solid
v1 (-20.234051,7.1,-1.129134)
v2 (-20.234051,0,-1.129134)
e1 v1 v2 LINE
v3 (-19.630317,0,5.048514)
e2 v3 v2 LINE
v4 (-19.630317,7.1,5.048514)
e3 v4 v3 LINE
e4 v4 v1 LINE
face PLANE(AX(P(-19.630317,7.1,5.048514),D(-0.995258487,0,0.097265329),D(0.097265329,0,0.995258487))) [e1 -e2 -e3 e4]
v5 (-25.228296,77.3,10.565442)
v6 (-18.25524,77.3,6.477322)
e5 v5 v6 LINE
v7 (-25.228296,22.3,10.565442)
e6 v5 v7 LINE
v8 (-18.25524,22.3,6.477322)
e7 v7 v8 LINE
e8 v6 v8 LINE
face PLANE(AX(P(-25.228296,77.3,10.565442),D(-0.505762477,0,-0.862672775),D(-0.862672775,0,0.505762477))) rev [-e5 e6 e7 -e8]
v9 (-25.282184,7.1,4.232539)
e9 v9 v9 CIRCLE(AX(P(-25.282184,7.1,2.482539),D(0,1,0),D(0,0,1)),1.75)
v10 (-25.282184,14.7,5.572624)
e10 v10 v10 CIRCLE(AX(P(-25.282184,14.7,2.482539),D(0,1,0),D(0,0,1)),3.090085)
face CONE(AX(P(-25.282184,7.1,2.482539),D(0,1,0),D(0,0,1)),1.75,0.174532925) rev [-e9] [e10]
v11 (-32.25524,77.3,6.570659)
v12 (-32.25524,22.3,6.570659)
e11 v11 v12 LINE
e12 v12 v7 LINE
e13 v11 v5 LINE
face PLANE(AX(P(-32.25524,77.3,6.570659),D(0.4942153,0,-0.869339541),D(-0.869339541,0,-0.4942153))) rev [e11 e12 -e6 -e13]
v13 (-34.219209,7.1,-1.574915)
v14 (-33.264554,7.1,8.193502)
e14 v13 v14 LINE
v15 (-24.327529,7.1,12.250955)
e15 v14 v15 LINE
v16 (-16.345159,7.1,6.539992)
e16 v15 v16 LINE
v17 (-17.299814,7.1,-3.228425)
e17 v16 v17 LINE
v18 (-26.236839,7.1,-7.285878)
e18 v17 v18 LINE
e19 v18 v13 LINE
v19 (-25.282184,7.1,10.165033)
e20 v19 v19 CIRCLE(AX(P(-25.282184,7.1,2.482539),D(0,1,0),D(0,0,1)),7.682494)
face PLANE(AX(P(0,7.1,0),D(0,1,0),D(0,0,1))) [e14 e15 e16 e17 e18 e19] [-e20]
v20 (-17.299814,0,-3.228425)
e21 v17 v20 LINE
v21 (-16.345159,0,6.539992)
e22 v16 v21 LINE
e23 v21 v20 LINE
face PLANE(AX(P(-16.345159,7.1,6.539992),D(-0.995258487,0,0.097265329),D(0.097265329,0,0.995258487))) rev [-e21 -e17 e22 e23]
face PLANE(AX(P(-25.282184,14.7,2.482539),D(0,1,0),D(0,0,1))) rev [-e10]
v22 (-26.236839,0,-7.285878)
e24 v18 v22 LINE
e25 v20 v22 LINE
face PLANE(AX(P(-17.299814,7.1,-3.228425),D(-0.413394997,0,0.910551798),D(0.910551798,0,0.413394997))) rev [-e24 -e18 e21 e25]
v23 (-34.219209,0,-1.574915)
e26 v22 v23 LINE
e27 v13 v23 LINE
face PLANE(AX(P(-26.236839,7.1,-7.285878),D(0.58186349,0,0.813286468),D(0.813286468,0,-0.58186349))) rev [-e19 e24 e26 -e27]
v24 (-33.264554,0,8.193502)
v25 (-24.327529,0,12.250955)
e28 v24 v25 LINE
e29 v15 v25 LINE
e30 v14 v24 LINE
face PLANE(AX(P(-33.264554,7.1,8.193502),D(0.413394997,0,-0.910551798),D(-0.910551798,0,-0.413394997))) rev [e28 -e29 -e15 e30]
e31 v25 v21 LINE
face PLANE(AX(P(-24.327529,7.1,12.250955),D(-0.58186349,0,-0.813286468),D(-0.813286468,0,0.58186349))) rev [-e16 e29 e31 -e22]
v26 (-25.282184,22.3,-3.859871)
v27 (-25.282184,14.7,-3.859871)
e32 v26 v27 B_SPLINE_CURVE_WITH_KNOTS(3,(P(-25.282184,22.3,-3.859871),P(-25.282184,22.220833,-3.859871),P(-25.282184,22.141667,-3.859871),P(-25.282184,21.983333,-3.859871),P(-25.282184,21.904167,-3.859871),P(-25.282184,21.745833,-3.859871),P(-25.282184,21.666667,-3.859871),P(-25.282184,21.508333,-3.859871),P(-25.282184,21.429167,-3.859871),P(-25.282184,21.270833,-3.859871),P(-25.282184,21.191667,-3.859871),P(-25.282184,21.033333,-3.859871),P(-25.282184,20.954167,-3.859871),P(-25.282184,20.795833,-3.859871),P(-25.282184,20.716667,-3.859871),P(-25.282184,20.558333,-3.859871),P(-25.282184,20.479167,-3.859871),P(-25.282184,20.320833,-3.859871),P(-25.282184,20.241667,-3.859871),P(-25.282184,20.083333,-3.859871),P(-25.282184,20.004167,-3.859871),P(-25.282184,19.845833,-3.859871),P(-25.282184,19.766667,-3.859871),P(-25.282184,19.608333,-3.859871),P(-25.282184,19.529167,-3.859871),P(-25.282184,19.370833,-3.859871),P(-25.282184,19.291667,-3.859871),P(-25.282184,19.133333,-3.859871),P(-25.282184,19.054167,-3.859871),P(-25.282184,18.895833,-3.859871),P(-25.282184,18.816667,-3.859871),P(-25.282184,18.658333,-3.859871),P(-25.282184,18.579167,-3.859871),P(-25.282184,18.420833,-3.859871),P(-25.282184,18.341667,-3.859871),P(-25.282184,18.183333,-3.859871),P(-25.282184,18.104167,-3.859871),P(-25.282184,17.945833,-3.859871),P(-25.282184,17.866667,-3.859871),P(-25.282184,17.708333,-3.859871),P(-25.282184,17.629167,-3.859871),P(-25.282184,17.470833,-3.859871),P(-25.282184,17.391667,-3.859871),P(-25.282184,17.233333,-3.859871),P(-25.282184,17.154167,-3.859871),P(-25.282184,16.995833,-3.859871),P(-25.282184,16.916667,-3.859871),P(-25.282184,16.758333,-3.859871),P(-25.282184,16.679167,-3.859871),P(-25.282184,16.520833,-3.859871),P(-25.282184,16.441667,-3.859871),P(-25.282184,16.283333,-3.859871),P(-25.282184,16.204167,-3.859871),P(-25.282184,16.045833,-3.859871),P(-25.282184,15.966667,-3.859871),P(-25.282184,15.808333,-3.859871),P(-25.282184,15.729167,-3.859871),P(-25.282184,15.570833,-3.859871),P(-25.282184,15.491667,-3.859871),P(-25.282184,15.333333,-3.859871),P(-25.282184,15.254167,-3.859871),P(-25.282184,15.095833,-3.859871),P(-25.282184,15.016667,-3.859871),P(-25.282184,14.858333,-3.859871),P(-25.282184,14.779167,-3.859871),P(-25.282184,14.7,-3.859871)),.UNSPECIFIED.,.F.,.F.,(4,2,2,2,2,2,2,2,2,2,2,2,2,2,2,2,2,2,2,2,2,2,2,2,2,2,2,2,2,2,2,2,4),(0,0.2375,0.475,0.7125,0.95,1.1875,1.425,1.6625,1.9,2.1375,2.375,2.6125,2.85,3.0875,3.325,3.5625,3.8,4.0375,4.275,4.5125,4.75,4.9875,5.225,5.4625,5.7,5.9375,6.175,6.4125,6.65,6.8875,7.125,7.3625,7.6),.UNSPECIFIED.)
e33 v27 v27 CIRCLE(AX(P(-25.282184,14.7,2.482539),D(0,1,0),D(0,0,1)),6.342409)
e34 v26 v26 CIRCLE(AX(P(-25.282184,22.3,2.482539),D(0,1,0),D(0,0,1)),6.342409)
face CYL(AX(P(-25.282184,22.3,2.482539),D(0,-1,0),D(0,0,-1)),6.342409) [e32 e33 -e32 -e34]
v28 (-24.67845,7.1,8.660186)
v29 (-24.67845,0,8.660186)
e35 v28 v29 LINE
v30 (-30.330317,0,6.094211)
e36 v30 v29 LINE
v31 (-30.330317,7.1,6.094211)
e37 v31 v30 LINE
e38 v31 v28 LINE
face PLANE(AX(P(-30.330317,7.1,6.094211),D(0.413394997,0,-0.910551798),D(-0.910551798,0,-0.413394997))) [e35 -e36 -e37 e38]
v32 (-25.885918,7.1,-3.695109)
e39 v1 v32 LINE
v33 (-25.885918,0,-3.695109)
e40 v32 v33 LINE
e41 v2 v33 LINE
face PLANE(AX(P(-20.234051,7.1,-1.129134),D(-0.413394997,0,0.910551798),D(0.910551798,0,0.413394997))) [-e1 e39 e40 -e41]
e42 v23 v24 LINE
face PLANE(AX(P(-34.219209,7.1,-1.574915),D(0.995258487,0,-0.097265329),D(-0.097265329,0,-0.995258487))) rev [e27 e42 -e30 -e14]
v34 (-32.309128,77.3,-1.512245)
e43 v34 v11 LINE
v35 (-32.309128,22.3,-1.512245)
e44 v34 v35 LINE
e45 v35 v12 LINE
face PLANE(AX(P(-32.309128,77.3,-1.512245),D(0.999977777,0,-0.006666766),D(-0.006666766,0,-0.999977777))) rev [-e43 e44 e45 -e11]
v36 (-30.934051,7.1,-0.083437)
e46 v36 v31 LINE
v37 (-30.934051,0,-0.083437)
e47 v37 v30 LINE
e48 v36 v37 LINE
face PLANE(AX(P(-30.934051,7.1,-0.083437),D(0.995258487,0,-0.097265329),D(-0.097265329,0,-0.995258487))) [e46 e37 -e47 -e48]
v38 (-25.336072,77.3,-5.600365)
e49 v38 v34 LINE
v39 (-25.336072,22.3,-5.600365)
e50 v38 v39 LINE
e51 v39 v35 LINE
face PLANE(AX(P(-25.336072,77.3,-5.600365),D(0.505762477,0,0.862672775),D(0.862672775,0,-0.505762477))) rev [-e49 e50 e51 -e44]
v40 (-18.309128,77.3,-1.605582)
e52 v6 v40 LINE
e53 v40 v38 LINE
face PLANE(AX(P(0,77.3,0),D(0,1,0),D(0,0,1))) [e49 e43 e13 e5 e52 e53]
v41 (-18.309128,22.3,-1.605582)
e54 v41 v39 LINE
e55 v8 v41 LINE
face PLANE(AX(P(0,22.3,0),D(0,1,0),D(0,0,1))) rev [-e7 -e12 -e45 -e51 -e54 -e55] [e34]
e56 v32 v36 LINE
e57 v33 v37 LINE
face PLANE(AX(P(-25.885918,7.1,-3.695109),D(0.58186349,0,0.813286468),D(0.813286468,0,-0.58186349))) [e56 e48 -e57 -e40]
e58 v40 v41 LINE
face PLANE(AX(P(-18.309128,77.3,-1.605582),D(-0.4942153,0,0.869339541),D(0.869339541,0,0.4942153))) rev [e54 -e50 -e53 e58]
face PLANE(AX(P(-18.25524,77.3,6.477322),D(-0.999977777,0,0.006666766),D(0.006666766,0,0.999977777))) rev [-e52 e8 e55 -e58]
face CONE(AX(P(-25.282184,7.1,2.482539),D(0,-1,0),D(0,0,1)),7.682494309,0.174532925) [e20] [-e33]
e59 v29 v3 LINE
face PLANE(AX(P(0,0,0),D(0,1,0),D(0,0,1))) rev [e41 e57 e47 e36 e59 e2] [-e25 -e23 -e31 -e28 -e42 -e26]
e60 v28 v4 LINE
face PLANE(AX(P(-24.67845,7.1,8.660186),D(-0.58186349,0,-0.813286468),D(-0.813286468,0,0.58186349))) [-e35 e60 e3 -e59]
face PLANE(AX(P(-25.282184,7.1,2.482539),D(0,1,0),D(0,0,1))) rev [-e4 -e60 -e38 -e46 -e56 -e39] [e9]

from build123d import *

# Parameters (mm, degrees)
BOSS_EXTRUDE1_DEPTH = 7.1
SKETCH2_R           = 7.682494309
SKETCH2_R_2         = 1.75
BOSS_EXTRUDE3_DEPTH = 7.6
BOSS_EXTRUDE3_DRAFT = 10
SKETCH6_R           = 6.342409255
BOSS_EXTRUDE6_DEPTH = 7.6
BOSS_EXTRUDE7_DEPTH = 55


with BuildPart() as part:
    # Sketch1 → Boss-Extrude1 (new body)
    with BuildSketch(Plane(origin=(0, 0, 0), x_dir=(1, 0, 0), z_dir=(0, 1, 0))):
        Polygon((-17.299814282, 3.228425178), (-26.236838815, 7.285878299), (-34.219208559, 1.57491458), (-33.26455377, -8.193502261), (-24.327529237, -12.250955382), (-16.345159493, -6.539991662), align=None)
        Polygon((-19.630317243, -5.048513876), (-20.234050809, 1.129134004), (-25.885917592, 3.695109339), (-30.934050809, 0.083436793), (-30.330317243, -6.094211087), (-24.67845046, -8.660186422), align=None, mode=Mode.SUBTRACT)
    extrude(amount=BOSS_EXTRUDE1_DEPTH)


with BuildPart() as boss_extrude3_tool:
    # Sketch2 → Boss-Extrude3 (with draft: the straight prism first)
    with BuildSketch(Plane(origin=(0, 7.1, 0), x_dir=(1, 0, 0), z_dir=(0, 1, 0))):
        with Locations((-25.282184026, -2.482538541)):
            Circle(SKETCH2_R)
        with Locations((-25.282184026, -2.482538541)):
            Circle(SKETCH2_R_2, mode=Mode.SUBTRACT)
    extrude(amount=BOSS_EXTRUDE3_DEPTH)
    # Boss-Extrude3: the draft: its side faces are tilted about the plane it starts from
    boss_extrude3_sides = [boss_extrude3_tool.faces().sort_by_distance(p)[0] for p in [
        (-32.964678335, 10.9, 2.482538541),
        (-27.032184026, 10.9, 2.482538541),
    ]]
    draft(boss_extrude3_sides, Plane(origin=(0, 7.1, 0), x_dir=(1, 0, 0), z_dir=(0, 1, 0)), BOSS_EXTRUDE3_DRAFT)


with BuildPart() as part_1:
    add(part.part)

    # Boss-Extrude3: add boss_extrude3_tool
    add(boss_extrude3_tool.part)

    # Sketch6 → Boss-Extrude6 (add)
    with BuildSketch(Plane(origin=(0, 14.7, 0), x_dir=(1, 0, 0), z_dir=(0, 1, 0))):
        with Locations(Location((-25.282184026, -2.482538541, 0), (0, 0, 90))):
            Circle(SKETCH6_R)
    extrude(amount=BOSS_EXTRUDE6_DEPTH)

    # Sketch7 → Boss-Extrude7 (add)
    with BuildSketch(Plane(origin=(0, 22.3, 0), x_dir=(1, 0, 0), z_dir=(0, 1, 0))):
        Polygon((-18.255240013, -6.477322026), (-18.309128039, 1.605581742), (-25.336072052, 5.600365227), (-32.309128039, 1.512244944), (-32.255240013, -6.570658825), (-25.228296, -10.56544231), align=None)
    extrude(amount=BOSS_EXTRUDE7_DEPTH)


solid = part_1.part
